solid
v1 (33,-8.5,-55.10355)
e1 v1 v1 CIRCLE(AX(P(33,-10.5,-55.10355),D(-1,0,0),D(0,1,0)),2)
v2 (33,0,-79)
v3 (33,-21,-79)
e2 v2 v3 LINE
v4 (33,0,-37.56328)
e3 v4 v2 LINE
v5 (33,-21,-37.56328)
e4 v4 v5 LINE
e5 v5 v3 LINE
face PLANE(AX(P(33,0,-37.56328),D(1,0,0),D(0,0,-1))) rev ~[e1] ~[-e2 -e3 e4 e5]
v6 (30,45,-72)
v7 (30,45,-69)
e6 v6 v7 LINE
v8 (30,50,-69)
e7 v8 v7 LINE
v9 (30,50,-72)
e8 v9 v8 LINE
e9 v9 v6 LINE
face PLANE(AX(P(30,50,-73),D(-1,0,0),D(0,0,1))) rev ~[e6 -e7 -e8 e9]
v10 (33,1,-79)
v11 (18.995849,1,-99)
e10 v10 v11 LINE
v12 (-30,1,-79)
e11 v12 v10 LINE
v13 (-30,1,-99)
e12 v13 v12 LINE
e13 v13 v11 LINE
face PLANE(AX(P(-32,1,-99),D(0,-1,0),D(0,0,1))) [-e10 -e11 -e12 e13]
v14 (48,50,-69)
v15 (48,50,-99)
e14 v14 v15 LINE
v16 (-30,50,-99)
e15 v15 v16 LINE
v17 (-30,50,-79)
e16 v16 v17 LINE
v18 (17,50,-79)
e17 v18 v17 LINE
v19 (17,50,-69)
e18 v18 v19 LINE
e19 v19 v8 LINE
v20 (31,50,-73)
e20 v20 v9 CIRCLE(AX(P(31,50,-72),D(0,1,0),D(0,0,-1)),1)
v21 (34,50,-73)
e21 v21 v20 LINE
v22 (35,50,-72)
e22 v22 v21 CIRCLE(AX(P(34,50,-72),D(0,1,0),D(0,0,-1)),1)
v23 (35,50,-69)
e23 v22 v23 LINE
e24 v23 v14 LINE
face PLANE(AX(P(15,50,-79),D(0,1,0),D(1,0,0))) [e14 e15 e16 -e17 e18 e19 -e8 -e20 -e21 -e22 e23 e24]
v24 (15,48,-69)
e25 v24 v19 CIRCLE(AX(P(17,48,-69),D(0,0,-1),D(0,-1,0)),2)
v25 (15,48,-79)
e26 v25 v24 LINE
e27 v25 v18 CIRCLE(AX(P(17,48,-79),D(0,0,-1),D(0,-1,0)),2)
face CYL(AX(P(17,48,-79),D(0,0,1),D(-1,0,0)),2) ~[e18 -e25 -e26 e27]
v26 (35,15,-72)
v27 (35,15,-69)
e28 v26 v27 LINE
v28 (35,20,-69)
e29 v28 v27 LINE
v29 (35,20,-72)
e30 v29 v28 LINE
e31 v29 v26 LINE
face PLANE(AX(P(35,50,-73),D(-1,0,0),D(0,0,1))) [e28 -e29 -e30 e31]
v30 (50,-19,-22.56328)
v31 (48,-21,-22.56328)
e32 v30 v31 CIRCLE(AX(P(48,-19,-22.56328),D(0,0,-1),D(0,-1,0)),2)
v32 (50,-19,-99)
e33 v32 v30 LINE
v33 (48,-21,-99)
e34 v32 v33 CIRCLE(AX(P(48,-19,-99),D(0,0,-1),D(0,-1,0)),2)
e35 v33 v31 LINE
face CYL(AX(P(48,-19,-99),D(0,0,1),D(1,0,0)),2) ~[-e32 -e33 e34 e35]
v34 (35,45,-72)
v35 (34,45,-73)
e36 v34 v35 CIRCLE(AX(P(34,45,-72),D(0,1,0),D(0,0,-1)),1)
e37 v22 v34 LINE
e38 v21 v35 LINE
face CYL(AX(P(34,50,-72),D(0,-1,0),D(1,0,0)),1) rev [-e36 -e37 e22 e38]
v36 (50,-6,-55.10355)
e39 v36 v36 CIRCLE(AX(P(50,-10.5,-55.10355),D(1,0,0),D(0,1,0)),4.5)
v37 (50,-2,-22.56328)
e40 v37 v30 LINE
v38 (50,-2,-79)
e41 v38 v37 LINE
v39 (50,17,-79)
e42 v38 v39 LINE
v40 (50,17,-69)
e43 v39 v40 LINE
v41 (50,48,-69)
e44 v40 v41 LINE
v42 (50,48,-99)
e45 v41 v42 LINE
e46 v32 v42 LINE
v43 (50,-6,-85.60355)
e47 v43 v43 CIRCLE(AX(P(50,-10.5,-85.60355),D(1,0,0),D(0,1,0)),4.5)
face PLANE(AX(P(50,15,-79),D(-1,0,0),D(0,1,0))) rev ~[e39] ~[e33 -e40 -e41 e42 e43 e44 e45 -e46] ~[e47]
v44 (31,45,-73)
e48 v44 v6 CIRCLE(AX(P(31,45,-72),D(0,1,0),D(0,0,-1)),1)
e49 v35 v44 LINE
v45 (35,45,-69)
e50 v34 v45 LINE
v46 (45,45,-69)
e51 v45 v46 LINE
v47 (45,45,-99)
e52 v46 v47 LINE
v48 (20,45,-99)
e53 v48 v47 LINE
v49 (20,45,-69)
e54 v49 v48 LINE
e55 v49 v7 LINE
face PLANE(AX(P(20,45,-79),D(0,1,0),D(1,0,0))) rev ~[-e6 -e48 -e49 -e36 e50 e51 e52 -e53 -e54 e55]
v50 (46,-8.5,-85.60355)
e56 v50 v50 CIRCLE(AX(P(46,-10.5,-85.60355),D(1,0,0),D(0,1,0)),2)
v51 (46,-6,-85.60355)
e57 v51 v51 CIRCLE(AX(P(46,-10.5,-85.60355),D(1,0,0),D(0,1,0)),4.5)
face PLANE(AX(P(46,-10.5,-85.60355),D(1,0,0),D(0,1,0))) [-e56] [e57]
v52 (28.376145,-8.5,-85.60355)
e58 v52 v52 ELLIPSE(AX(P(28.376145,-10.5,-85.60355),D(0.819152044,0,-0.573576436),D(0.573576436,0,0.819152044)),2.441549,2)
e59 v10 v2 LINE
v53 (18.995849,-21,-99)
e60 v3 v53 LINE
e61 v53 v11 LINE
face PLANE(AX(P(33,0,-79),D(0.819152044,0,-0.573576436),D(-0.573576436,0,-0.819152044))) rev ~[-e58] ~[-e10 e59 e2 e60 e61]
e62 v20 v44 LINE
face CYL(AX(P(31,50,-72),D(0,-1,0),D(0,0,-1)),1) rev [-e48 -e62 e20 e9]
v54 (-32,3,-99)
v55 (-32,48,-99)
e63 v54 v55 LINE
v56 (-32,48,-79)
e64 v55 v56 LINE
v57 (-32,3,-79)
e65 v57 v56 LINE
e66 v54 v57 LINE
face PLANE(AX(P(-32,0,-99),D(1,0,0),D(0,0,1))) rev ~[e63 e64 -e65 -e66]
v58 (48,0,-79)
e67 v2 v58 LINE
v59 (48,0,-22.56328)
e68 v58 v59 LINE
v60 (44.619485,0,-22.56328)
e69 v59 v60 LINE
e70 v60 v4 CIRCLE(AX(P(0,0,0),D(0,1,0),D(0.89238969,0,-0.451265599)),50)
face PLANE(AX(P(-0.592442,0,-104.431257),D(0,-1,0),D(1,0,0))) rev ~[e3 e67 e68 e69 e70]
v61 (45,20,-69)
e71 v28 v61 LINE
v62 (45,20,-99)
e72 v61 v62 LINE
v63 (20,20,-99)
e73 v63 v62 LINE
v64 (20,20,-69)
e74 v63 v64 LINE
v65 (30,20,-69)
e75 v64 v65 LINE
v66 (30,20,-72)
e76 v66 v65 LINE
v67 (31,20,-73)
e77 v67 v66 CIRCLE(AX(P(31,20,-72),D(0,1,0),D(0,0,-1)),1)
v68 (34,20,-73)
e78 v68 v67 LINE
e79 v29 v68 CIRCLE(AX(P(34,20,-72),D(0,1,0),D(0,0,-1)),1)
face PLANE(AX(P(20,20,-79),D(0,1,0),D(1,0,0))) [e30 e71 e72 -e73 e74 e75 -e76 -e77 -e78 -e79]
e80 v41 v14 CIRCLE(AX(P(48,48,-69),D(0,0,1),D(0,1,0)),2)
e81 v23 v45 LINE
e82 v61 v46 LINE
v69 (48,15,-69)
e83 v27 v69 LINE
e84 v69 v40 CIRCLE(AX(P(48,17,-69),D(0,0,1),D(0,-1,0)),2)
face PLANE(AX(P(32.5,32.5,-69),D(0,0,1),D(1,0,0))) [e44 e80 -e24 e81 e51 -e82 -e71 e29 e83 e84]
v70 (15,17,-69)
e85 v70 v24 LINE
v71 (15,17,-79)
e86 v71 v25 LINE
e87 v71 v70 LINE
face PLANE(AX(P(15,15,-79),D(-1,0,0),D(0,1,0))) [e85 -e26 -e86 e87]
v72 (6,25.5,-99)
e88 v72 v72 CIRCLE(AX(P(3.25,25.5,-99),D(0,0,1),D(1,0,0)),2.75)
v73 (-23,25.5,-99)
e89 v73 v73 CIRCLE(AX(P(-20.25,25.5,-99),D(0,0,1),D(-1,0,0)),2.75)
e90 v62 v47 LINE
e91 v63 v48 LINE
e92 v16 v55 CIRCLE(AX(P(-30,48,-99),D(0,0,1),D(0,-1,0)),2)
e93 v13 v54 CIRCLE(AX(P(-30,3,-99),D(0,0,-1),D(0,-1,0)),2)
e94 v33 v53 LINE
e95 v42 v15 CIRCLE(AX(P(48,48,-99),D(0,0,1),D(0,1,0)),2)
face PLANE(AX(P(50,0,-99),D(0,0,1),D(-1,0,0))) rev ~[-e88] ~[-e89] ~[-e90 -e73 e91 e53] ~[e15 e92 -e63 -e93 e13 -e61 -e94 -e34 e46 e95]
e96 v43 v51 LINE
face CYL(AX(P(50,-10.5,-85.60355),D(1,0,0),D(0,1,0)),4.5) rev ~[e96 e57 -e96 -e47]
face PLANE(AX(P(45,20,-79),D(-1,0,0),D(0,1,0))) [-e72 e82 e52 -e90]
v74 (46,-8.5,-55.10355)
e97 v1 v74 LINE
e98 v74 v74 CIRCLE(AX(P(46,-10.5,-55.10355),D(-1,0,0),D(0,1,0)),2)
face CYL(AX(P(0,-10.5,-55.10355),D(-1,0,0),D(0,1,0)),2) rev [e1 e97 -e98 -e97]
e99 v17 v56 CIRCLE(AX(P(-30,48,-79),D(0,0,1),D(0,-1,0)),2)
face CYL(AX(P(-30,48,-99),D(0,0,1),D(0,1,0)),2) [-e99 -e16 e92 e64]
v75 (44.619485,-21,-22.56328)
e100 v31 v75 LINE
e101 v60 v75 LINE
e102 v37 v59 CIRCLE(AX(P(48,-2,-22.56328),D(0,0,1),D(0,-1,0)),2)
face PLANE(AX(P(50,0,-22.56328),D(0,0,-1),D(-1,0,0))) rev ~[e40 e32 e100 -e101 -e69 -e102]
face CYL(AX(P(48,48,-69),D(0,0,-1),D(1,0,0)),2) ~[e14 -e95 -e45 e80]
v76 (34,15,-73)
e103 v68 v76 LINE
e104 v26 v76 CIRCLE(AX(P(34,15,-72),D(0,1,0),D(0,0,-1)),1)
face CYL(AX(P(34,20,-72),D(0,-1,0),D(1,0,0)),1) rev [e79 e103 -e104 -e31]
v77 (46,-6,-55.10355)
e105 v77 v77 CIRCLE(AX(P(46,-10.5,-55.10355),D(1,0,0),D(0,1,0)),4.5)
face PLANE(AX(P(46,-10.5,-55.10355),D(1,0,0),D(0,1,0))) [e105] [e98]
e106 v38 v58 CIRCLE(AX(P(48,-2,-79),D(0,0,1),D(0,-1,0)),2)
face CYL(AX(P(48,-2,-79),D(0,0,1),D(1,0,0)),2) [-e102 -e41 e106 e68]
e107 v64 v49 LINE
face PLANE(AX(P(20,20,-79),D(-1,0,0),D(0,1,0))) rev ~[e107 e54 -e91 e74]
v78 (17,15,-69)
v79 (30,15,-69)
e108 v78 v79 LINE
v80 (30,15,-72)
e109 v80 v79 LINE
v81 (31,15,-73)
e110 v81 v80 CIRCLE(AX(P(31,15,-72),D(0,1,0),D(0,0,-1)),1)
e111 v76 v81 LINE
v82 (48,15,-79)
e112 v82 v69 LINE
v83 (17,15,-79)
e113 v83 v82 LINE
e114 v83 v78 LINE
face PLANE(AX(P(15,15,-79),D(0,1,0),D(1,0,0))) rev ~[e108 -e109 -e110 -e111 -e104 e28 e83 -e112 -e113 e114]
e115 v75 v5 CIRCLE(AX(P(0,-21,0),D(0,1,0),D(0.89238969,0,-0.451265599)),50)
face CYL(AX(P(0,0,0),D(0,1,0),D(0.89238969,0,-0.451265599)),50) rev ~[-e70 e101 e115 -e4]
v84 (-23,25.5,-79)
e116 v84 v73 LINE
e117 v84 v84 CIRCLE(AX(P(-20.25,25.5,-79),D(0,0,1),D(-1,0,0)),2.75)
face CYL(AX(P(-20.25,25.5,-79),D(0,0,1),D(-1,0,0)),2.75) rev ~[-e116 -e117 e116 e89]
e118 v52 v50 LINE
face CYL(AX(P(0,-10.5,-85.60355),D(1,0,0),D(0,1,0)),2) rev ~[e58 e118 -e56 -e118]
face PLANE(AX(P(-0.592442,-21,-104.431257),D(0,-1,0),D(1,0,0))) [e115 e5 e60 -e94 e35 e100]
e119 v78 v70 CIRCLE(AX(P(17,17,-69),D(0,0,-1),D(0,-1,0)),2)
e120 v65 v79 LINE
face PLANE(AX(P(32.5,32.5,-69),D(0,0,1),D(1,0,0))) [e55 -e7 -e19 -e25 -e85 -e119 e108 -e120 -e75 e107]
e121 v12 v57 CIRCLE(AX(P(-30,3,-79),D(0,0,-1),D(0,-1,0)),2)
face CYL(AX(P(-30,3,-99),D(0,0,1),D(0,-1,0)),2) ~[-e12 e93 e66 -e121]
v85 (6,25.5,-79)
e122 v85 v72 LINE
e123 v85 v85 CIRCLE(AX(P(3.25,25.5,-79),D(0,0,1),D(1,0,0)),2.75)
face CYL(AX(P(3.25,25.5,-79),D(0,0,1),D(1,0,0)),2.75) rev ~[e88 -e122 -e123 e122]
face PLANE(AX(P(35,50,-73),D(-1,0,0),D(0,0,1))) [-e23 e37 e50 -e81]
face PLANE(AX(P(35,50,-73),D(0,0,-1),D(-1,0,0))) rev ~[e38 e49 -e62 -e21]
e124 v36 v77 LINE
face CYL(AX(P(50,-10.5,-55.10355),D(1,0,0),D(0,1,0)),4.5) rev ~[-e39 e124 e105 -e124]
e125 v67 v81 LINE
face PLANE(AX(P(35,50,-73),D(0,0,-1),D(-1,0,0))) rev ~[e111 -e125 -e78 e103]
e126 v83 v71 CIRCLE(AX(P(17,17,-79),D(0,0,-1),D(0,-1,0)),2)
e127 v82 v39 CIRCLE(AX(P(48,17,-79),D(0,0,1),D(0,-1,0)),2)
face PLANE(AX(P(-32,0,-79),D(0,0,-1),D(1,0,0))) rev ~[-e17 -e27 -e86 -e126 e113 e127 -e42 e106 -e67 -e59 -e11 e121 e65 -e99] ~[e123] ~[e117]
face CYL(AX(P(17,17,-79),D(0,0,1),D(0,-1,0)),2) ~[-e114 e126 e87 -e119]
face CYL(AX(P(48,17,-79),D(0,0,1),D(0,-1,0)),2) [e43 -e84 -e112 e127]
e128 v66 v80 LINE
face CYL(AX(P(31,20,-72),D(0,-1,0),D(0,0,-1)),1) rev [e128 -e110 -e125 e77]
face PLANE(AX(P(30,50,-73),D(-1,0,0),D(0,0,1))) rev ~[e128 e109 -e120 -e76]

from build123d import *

# Parameters (mm, degrees)
F1_DEPTH  = 21
F2_R      = 2
F3_DEPTH  = 50
F4_R      = 4.5
F5_DEPTH  = 4
F6_R      = 4.5
F7_DEPTH  = 4
F8_R      = 2
F9_DEPTH  = 15
F11_DEPTH = 12
F12_W     = 82.7163627307
F12_H     = 105.0548920631
F12_W_2   = 93.7405878742
F12_H_2   = 84.4749022052
F13_DEPTH = 25
F15_DEPTH = 50
F16_W     = 1
F16_H     = 20
F17_DEPTH = 65
F18_DEPTH = 25
F19_W     = 35
F19_H     = 35
F19_W_2   = 25
F19_H_2   = 25
F20_DEPTH = 10
F21_DEPTH = 25
F22_W     = 5
F22_H     = 8
F23_DEPTH = 41
F24_R     = 1
F25_R     = 2.75
F26_DEPTH = 25
F27_R     = 2


with BuildPart() as f1:
    # F0 (on Front) → F1 (new body)
    with BuildSketch(Plane.XZ):
        with BuildLine():
            ThreePointArc((44.6194845136, -22.563279942), (39.5277888838, -30.6195020528), (33, -37.563279942))
            Line((33, -37.563279942), (33, -79))
            Line((33, -79), (18.9958492358, -99))
            Line((18.9958492358, -99), (0, -99))
            Line((0, -99), (-33, -99))
            Line((-33, -99), (-33, -37.563279942))
            ThreePointArc((-33, -37.563279942), (-39.5277888838, -30.6195020528), (-44.6194845136, -22.563279942))
            Line((-44.6194845136, -22.563279942), (-50, -22.563279942))
            Line((-50, -22.563279942), (-50, -133))
            Line((-50, -133), (-33, -150))
            Line((-33, -150), (-33, -180))
            Line((-33, -180), (-33, -197))
            Line((-33, -197), (0, -197))
            Line((0, -197), (33, -197))
            Line((33, -197), (33, -180))
            Line((33, -180), (33, -150))
            Line((33, -150), (50, -133))
            Line((50, -133), (50, -22.563279942))
            Line((50, -22.563279942), (44.6194845136, -22.563279942))
        make_face()
    extrude(amount=F1_DEPTH)

    # F2 (on Right) → F3 (cut, symmetric)
    with BuildSketch(Plane.YZ):
        with Locations((-10.5, -55.10355)):
            Circle(F2_R)
        with Locations((-10.5, -85.60355)):
            Circle(F2_R)
    extrude(amount=F3_DEPTH, both=True, mode=Mode.SUBTRACT)

    # F4 (on face) → F5 (cut)
    with BuildSketch(Plane(origin=(-50, 0, 0), x_dir=(0, -1, 0), z_dir=(-1, 0, 0))):
        with Locations((10.5, -55.10355)):
            Circle(F4_R)
        with Locations((10.5, -85.60355)):
            Circle(F4_R)
    extrude(amount=-F5_DEPTH, mode=Mode.SUBTRACT)

    # F6 (on face) → F7 (cut)
    with BuildSketch(Plane.YZ.offset(50)):
        with Locations((-10.5, -55.10355)):
            Circle(F6_R)
        with Locations((-10.5, -85.60355)):
            Circle(F6_R)
    extrude(amount=-F7_DEPTH, mode=Mode.SUBTRACT)

    # F8 (on face) → F9 (cut)
    with BuildSketch(Plane(origin=(0, 0, -197), x_dir=(1, 0, 0), z_dir=(0, 0, -1))):
        with BuildLine():
            ThreePointArc((-23, 10.5), (-21, 8.5), (-19, 10.5))
            ThreePointArc((-19, 10.5), (-21, 12.5), (-23, 10.5))
        make_face()
        with Locations((21, 10.5)):
            Circle(F8_R)
    extrude(amount=-F9_DEPTH, mode=Mode.SUBTRACT)

    # F10 (on face) → F11 (cut)
    with BuildSketch(Plane.XZ.offset(21)):
        with BuildLine():
            ThreePointArc((0, -166.5), (-2, -168.5), (0, -170.5))
            Line((0, -170.5), (0, -166.5))
        make_face()
        with BuildLine():
            ThreePointArc((0, -131), (-2, -133), (0, -135))
            Line((0, -135), (0, -131))
        make_face()
        with BuildLine():
            Line((0, -131), (0, -135))
            ThreePointArc((0, -135), (1.4142135624, -134.4142135624), (2, -133))
            ThreePointArc((2, -133), (1.4142135624, -131.5857864376), (0, -131))
        make_face()
        with BuildLine():
            Line((0, -166.5), (0, -170.5))
            ThreePointArc((0, -170.5), (1.4142135624, -169.9142135624), (2, -168.5))
            ThreePointArc((2, -168.5), (1.4142135624, -167.0857864376), (0, -166.5))
        make_face()
    extrude(amount=-F11_DEPTH, mode=Mode.SUBTRACT)

    # F12 (on face) → F13 (cut)
    with BuildSketch(Plane.XZ.offset(21)):
        with Locations((60.3540306012, -151.5274460316)):
            Rectangle(F12_W, F12_H)
        with Locations((-27.8744447013, -151.5274460316)):
            Rectangle(F12_W_2, F12_H)
        with Locations((-27.8744447013, -56.7625488974)):
            Rectangle(F12_W_2, F12_H_2)
    extrude(amount=-F13_DEPTH, mode=Mode.SUBTRACT)

    # F14 (on face) → F15 (join)
    with BuildSketch(Plane(origin=(0, 0, 0), x_dir=(-1, 0, 0), z_dir=(0, 1, 0))):
        Polygon((-50, -79), (-50, -99), (24.0241140127, -99), (32, -99), (32, -79), (24.0241140127, -79), (-33, -79), align=None)
    extrude(amount=F15_DEPTH)

    # F16 (on face) → F17 (cut)
    with BuildSketch(Plane(origin=(-32, 0, 0), x_dir=(0, -1, 0), z_dir=(-1, 0, 0))):
        with Locations((-0.5, -89)):
            Rectangle(F16_W, F16_H)
    extrude(amount=-F17_DEPTH, mode=Mode.SUBTRACT)

    # F18 (add): a face of the model
    f18_faces = [f1.faces().sort_by_distance(p)[0] for p in [
        (28.3319497453, 0, -92.3333333333),
    ]]
    extrude(f18_faces, amount=F18_DEPTH)

    # F19 (on face) → F20 (join)
    with BuildSketch(Plane.XY.offset(-79)):
        with Locations((32.5, 32.5)):
            Rectangle(F19_W, F19_H)
        with Locations((32.5, 32.5)):
            Rectangle(F19_W_2, F19_H_2, mode=Mode.SUBTRACT)
    extrude(amount=F20_DEPTH)

    # F21 (cut): a face of the model
    f21_faces = [f1.faces().sort_by_distance(p)[0] for p in [
        (32.5, 32.5, -79),
    ]]
    extrude(f21_faces, amount=-F21_DEPTH, mode=Mode.SUBTRACT)

    # F22 (on face) → F23 (cut)
    with BuildSketch(Plane(origin=(0, 50, 0), x_dir=(-1, 0, 0), z_dir=(0, 1, 0))):
        with Locations((-32.5, -69)):
            Rectangle(F22_W, F22_H)
    extrude(amount=-F23_DEPTH, mode=Mode.SUBTRACT)

    # F24
    f24_edges = [f1.edges().sort_by_distance(p)[0] for p in [
        (35, 17.5, -73),
        (30, 17.5, -73),
        (35, 47.5, -73),
        (30, 47.5, -73),
    ]]
    fillet(f24_edges, radius=F24_R)

    # F25 (on face) → F26 (cut)
    with BuildSketch(Plane.XY.offset(-79)):
        with BuildLine():
            ThreePointArc((-17.5, 25.5), (-20.25, 28.25), (-23, 25.5))
            Line((-23, 25.5), (-17.5, 25.5))
        make_face()
        with BuildLine():
            Line((-17.5, 25.5), (-23, 25.5))
            ThreePointArc((-23, 25.5), (-20.25, 22.75), (-17.5, 25.5))
        make_face()
        with Locations((3.25, 25.5)):
            Circle(F25_R)
    extrude(amount=-F26_DEPTH, mode=Mode.SUBTRACT)

    # F27
    f27_edges = [f1.edges().sort_by_distance(p)[0] for p in [
        (50, -21, -60.78164),
        (50, 0, -50.78164),
        (50, 50, -84),
        (50, 15, -74),
        (15, 50, -74),
        (15, 15, -74),
        (-32, 50, -89),
        (-32, 1, -89),
    ]]
    fillet(f27_edges, radius=F27_R)


solid = f1.part
